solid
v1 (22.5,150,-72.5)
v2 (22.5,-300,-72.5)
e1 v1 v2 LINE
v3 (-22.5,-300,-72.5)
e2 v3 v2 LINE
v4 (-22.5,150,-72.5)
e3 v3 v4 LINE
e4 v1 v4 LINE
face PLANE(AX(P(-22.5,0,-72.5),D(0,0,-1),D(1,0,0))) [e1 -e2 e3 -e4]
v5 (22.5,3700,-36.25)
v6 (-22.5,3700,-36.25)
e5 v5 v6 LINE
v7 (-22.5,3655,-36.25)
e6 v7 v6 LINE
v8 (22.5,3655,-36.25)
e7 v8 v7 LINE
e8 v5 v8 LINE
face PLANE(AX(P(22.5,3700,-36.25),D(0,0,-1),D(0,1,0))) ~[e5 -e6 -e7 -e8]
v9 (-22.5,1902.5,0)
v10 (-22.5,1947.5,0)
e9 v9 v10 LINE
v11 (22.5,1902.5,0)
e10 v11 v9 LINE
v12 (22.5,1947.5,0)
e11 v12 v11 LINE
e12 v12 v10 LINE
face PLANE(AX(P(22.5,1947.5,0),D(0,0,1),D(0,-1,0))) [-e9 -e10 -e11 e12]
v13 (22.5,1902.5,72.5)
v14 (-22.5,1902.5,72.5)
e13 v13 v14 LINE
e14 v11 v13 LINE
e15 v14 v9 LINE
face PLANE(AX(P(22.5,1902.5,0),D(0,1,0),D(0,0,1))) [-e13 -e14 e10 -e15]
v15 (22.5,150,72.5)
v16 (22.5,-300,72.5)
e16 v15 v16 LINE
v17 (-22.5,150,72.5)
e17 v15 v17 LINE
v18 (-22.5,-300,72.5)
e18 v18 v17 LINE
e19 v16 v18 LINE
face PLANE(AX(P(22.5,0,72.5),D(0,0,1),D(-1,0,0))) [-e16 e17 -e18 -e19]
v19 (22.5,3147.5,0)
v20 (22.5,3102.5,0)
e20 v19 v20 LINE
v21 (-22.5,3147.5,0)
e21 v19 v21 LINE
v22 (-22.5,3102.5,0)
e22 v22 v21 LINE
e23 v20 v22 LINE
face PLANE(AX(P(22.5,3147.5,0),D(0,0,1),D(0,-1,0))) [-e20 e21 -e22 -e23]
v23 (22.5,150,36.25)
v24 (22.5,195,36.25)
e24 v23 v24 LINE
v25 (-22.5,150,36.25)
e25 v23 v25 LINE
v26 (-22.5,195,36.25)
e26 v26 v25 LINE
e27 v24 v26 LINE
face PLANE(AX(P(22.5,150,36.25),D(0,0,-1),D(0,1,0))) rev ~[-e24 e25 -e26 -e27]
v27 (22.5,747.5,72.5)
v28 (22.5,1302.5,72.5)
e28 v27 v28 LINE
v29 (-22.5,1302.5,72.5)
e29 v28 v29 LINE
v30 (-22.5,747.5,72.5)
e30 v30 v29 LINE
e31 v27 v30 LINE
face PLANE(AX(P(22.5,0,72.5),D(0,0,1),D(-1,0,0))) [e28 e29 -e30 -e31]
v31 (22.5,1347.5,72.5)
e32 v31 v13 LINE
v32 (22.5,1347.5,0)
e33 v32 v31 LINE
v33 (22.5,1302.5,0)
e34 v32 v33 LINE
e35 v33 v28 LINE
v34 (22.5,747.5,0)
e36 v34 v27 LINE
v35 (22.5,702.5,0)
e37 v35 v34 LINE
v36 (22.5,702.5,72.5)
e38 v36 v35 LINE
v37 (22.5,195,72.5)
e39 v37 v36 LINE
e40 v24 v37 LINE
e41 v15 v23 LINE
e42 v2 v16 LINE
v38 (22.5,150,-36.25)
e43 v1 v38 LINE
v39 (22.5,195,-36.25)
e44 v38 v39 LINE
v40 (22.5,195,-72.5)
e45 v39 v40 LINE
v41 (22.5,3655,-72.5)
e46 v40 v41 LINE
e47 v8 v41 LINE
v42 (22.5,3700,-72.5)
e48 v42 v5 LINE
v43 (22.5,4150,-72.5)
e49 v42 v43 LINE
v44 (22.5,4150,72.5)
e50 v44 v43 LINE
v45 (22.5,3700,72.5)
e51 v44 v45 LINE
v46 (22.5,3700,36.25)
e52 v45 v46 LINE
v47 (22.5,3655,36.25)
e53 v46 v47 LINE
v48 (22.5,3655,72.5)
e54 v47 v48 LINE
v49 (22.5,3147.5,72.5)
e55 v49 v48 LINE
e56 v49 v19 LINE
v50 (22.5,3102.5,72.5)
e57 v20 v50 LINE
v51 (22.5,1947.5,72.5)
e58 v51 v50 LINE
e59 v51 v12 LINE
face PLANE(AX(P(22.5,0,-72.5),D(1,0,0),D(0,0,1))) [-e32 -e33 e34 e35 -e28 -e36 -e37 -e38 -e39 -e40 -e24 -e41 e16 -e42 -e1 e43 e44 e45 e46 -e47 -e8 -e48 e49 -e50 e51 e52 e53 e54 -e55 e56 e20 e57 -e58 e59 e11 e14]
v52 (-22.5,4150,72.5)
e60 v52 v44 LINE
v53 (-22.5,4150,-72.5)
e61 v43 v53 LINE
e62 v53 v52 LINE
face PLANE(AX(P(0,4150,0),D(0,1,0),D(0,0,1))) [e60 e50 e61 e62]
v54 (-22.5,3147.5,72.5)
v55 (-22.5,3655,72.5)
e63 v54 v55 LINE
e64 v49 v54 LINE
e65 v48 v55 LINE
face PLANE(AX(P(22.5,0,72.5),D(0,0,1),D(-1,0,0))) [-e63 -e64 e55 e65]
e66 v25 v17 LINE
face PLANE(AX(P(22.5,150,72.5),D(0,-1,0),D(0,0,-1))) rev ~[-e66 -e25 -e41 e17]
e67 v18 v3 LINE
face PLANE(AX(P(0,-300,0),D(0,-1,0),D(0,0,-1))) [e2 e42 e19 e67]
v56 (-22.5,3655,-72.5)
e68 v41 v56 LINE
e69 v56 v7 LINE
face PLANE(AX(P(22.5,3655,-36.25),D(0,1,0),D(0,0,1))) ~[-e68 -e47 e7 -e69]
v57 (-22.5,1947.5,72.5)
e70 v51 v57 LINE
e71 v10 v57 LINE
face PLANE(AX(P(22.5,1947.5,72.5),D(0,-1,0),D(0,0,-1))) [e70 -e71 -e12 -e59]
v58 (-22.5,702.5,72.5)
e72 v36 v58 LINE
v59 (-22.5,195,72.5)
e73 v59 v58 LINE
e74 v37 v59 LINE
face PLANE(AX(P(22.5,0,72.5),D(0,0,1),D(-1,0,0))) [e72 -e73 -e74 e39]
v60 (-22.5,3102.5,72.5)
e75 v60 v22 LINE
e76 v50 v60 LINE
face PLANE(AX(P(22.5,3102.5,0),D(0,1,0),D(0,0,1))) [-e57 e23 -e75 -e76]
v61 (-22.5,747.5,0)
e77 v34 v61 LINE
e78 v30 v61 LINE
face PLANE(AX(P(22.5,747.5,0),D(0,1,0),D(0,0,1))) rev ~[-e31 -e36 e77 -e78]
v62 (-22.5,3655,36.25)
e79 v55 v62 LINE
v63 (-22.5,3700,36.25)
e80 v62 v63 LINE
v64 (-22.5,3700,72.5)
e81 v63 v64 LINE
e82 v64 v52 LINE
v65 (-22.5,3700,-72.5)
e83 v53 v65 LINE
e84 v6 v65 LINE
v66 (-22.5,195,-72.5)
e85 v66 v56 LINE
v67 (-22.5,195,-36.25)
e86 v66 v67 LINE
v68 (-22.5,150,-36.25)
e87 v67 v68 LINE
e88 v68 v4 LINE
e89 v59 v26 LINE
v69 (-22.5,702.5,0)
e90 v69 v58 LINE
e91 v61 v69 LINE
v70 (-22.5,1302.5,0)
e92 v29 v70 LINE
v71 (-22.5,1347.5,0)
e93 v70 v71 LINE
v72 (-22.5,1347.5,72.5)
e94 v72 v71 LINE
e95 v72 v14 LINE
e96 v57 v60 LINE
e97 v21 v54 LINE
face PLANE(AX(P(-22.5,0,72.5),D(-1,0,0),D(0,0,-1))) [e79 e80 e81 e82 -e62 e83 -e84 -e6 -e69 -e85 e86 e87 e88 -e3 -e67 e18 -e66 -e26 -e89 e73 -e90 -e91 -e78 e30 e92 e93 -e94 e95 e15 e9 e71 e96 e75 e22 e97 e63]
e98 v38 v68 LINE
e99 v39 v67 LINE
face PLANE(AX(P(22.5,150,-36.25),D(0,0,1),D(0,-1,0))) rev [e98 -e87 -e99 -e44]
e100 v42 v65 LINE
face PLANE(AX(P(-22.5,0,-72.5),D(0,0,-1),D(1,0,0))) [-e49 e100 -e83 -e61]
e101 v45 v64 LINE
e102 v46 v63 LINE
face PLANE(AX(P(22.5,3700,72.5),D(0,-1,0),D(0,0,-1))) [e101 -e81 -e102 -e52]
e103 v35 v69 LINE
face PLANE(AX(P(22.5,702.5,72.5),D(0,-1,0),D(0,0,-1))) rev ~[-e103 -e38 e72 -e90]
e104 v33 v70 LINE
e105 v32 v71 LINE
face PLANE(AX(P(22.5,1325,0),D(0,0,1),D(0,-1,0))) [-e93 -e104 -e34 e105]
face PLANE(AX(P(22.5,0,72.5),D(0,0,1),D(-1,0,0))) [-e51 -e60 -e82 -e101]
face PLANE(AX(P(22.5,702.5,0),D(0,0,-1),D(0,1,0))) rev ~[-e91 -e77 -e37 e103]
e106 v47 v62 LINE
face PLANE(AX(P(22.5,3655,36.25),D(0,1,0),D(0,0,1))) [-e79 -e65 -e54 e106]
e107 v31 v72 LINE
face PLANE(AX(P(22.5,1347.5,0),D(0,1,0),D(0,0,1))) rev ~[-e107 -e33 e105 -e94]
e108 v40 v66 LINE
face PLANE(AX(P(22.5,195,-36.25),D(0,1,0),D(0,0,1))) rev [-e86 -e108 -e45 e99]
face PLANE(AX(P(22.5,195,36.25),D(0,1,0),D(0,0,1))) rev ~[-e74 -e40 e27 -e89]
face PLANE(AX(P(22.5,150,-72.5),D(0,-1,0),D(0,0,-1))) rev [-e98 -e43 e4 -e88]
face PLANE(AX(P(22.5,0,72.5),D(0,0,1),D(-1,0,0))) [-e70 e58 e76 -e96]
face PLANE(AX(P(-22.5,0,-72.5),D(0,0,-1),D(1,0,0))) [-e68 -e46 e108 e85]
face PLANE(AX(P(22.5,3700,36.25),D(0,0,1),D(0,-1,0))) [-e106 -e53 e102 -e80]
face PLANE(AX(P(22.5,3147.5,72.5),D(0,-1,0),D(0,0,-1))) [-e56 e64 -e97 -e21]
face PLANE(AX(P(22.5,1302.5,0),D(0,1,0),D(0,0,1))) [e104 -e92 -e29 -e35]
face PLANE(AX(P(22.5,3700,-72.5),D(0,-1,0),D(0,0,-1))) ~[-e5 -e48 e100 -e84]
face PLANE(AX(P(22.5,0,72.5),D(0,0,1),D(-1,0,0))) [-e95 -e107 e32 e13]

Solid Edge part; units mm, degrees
sketch "Sketch1" plane through (0, 0, 0) normal (0, -1, 0) x (1, 0, 0)
  line L0 (-22.5, -72.5) -> (22.5, -72.5)
  line L1 (22.5, -72.5) -> (22.5, 72.5)
  line L2 (22.5, 72.5) -> (-22.5, 72.5)
  line L3 (-22.5, 72.5) -> (-22.5, -72.5)
extrude "Protrusion1" add sketch "Sketch1" against normal blind 3850
sketch "Sketch2" plane through (22.5, 1925, 0) normal (1, 0, 0) x (0, 1, 0)
  line L0 (1775, 72.5) -> (1775, 36.25)
  line L1 (1775, 36.25) -> (1730, 36.25)
  line L2 (1730, 36.25) -> (1730, 72.5)
  line L3 (1730, 72.5) -> (1775, 72.5)
  line L4 (-1775, 72.5) -> (-1775, 36.25)
  line L5 (-1775, 36.25) -> (-1730, 36.25)
  line L6 (-1730, 36.25) -> (-1730, 72.5)
  line L7 (-1730, 72.5) -> (-1775, 72.5)
extrude "ExtrudedCutout_1" cut sketch "Sketch2" against normal blind 86.6929
mirror "Mirror1" about plane through (0, 0, 0) normal (0, 0, -1) of "ExtrudedCutout_1"
sketch "Sketch3" plane through (0, 3850, 0) normal (0, 1, 0) x (-1, 0, 0)
  line L0 (-22.5, -72.5) -> (22.5, -72.5)
  line L1 (22.5, -72.5) -> (22.5, 72.5)
  line L2 (22.5, 72.5) -> (-22.5, 72.5)
  line L3 (-22.5, 72.5) -> (-22.5, -72.5)
extrude "ExtrudedProtrusion_2" add sketch "Sketch3" along normal blind 300
sketch "Sketch4" plane through (0, 0, 0) normal (0, -1, 0) x (1, 0, 0)
  line L0 (-22.5, -72.5) -> (22.5, -72.5)
  line L1 (22.5, -72.5) -> (22.5, 72.5)
  line L2 (22.5, 72.5) -> (-22.5, 72.5)
  line L3 (-22.5, 72.5) -> (-22.5, -72.5)
extrude "ExtrudedProtrusion_3" add sketch "Sketch4" along normal blind 300
sketch "Sketch5" plane through (22.5, 1925, 0) normal (1, 0, 0) x (0, 1, 0)
  line L0 (0, 72.5) -> (-22.5, 72.5)
  line L1 (-22.5, 0) -> (-22.5, 72.5)
  line L2 (22.5, 0) -> (-22.5, 0)
  line L3 (22.5, 72.5) -> (22.5, 0)
  line L4 (0, 72.5) -> (22.5, 72.5)
  line L5 (-600, 0) -> (-577.5, 0)
  line L6 (-577.5, 0) -> (-577.5, 72.5)
  line L7 (-577.5, 72.5) -> (-622.5, 72.5)
  line L8 (-622.5, 0) -> (-622.5, 72.5)
  line L9 (-600, 0) -> (-622.5, 0)
  line L10 (-1200, 72.5) -> (-1222.5, 72.5)
  line L11 (-1222.5, 72.5) -> (-1222.5, 0)
  line L12 (-1222.5, 0) -> (-1177.5, 0)
  line L13 (-1177.5, 0) -> (-1177.5, 72.5)
  line L14 (-1177.5, 72.5) -> (-1200, 72.5)
  line L15 (1200, 72.5) -> (1222.5, 72.5)
  line L16 (1222.5, 72.5) -> (1222.5, 0)
  line L17 (1222.5, 0) -> (1177.5, 0)
  line L18 (1177.5, 0) -> (1177.5, 72.5)
  line L19 (1177.5, 72.5) -> (1200, 72.5)
extrude "ExtrudedCutout_2" cut sketch "Sketch5" against normal blind 122.0122
properties material "Wood, Pine"
